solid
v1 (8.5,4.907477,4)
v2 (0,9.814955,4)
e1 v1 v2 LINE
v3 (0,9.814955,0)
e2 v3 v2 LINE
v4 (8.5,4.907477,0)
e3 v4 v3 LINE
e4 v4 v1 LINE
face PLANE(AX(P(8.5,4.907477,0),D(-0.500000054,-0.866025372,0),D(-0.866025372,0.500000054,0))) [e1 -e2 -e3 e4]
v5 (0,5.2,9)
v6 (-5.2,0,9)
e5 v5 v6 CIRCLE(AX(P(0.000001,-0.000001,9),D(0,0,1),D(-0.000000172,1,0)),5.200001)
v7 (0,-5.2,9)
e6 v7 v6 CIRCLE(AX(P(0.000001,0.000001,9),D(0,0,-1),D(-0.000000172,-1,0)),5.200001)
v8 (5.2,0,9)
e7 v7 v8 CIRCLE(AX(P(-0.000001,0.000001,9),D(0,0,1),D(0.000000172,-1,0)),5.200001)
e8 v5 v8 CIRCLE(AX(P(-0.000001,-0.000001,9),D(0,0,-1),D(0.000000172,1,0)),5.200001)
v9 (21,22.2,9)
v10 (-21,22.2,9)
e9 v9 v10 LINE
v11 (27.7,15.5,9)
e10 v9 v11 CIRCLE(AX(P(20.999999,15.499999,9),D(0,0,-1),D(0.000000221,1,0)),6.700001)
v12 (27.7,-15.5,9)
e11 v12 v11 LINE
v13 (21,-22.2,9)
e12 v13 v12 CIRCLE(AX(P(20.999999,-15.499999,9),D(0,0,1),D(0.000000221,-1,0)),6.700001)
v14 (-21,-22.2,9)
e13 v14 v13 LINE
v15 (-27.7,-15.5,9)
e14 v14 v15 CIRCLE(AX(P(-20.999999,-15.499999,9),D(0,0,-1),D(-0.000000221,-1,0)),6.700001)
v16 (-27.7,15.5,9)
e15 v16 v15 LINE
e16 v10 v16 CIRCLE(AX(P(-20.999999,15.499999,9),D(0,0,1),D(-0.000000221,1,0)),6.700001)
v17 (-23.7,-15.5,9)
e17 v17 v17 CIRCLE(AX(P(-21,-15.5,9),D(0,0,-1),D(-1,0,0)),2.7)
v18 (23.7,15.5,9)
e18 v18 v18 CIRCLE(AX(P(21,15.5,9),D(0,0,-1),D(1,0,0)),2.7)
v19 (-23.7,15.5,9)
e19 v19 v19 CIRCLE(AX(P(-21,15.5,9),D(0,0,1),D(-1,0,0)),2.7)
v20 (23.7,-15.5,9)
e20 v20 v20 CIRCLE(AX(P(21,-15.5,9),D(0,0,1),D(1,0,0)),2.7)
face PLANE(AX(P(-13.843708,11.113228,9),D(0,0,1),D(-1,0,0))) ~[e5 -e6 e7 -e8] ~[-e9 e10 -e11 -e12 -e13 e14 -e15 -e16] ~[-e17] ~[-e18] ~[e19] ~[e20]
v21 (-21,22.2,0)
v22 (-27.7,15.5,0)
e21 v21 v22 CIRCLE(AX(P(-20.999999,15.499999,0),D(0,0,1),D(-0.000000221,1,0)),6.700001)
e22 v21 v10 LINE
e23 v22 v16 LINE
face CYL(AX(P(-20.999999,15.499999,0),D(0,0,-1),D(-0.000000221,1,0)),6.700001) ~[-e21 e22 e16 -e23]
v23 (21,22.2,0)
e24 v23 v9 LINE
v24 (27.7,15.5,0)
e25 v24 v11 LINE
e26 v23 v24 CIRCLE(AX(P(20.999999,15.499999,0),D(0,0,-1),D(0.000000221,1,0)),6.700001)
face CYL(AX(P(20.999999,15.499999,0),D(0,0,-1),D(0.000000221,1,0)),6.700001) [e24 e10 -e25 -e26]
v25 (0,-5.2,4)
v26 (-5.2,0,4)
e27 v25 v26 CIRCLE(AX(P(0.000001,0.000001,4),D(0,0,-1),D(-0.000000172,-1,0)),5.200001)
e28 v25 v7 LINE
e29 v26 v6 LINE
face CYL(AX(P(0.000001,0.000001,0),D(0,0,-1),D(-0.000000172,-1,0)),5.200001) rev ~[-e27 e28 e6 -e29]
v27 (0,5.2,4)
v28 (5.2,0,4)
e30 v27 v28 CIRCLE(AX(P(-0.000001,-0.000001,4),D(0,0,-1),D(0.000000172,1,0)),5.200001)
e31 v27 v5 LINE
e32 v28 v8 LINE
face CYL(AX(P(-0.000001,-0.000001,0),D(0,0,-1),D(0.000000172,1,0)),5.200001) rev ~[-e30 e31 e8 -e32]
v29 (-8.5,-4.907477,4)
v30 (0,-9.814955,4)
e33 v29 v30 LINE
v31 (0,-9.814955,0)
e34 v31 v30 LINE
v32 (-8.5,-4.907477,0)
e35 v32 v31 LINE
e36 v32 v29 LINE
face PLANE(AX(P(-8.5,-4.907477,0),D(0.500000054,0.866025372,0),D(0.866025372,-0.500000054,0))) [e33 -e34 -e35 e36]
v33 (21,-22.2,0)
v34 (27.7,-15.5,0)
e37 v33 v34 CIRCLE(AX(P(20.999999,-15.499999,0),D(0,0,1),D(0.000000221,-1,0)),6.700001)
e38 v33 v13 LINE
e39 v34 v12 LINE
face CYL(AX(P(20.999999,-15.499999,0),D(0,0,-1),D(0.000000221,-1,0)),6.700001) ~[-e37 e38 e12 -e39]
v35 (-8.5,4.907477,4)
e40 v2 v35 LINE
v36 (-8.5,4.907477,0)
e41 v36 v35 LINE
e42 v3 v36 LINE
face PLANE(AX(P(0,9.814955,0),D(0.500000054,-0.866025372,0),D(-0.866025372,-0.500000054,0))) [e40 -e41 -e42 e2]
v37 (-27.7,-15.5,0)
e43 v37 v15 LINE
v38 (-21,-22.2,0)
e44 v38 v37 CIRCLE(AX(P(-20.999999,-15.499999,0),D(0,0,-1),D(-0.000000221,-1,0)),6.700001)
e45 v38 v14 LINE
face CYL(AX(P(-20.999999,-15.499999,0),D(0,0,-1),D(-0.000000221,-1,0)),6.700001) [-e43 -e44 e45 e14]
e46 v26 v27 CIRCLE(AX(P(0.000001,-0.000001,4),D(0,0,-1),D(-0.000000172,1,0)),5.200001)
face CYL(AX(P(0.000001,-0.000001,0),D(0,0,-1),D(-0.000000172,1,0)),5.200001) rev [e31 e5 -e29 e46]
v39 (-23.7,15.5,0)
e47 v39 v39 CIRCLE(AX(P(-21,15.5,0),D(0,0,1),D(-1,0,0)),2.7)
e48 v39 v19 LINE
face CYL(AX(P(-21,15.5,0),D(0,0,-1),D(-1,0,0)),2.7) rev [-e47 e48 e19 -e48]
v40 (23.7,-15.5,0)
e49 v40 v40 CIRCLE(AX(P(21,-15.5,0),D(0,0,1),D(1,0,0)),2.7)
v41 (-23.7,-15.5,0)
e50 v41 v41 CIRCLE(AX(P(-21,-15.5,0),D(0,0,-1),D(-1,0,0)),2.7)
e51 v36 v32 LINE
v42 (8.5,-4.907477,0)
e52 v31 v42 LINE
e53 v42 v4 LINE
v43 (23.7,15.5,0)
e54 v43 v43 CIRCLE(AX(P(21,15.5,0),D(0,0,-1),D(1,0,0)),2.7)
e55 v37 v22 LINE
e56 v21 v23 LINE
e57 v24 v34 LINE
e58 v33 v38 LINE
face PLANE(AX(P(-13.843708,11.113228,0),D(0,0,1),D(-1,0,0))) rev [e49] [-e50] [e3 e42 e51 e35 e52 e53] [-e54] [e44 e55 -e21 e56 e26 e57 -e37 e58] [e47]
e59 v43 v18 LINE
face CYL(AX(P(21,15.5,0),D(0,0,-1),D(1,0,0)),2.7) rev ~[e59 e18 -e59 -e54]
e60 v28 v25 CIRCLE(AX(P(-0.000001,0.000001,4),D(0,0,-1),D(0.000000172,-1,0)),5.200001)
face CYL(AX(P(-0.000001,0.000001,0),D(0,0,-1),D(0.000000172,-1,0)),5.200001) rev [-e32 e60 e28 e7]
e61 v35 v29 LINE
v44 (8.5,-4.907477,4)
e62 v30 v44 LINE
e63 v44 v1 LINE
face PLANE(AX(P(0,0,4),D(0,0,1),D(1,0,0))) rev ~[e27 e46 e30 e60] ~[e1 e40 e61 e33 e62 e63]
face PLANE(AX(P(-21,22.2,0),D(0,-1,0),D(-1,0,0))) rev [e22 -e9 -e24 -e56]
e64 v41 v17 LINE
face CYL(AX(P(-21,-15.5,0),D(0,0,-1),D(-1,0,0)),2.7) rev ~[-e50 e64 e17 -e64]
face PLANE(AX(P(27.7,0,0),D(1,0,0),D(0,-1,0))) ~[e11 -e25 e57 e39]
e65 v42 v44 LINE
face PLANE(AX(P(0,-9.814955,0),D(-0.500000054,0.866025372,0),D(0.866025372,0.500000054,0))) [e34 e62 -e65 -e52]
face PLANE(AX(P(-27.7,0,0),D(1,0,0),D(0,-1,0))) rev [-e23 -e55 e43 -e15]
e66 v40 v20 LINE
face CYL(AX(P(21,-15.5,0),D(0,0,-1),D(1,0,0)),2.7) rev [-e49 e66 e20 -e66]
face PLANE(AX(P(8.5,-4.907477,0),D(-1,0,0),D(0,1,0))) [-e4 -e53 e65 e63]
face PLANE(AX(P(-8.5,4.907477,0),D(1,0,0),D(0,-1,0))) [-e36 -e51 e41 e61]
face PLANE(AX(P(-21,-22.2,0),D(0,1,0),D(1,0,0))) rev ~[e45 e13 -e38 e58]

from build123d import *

# Parameters (mm, degrees)
SKETCH_R             = 2.7
PAD_DEPTH            = 9
SKETCH_MIRRORED_2_R  = 2.7
PAD_MIRRORED_2_DEPTH = 9
POCKET_DEPTH         = 4


with BuildPart() as part:
    # Sketch → Pad (new body)
    with BuildSketch(Plane.XY):
        with BuildLine():
            ThreePointArc((0, -5.2), (3.676955, -3.676955), (5.2, 0))
            Line((5.2, 0), (27.7, 0))
            Line((27.7, 0), (27.7, -15.5))
            ThreePointArc((21, -22.2), (25.737615, -20.237615), (27.7, -15.5))
            Line((21, -22.2), (0, -22.2))
            Line((0, -22.2), (0, -5.2))
        make_face()
        with Locations((21, -15.5)):
            Circle(SKETCH_R, mode=Mode.SUBTRACT)
    pad = extrude(amount=PAD_DEPTH)

    # Sketch Mirrored 2 → Pad Mirrored 2 (add)
    with BuildSketch(Plane(origin=(0, 0, 0), x_dir=(-1, 0, 0), z_dir=(0, 0, -1))):
        with BuildLine():
            ThreePointArc((0, -5.2), (3.676955, -3.676955), (5.2, 0))
            Line((5.2, 0), (27.7, 0))
            Line((27.7, 0), (27.7, -15.5))
            ThreePointArc((21, -22.2), (25.737615, -20.237615), (27.7, -15.5))
            Line((21, -22.2), (0, -22.2))
            Line((0, -22.2), (0, -5.2))
        make_face()
        with Locations((21, -15.5)):
            Circle(SKETCH_MIRRORED_2_R, mode=Mode.SUBTRACT)
    pad_mirrored_2 = extrude(amount=-PAD_MIRRORED_2_DEPTH)

    # Mirrored001: Pad, Pad Mirrored 2 across Sketch H_Axis
    add(pad.mirror(Plane.ZX))
    add(pad_mirrored_2.mirror(Plane.ZX))

    # Sketch001 → Pocket (cut)
    with BuildSketch(Plane.XY):
        Polygon((8.5, 4.907477), (0, 9.814955), (-8.5, 4.907477), (-8.5, -4.907477), (0, -9.814955), (8.5, -4.907477), align=None)
    extrude(amount=POCKET_DEPTH, mode=Mode.SUBTRACT)


solid = part.part
